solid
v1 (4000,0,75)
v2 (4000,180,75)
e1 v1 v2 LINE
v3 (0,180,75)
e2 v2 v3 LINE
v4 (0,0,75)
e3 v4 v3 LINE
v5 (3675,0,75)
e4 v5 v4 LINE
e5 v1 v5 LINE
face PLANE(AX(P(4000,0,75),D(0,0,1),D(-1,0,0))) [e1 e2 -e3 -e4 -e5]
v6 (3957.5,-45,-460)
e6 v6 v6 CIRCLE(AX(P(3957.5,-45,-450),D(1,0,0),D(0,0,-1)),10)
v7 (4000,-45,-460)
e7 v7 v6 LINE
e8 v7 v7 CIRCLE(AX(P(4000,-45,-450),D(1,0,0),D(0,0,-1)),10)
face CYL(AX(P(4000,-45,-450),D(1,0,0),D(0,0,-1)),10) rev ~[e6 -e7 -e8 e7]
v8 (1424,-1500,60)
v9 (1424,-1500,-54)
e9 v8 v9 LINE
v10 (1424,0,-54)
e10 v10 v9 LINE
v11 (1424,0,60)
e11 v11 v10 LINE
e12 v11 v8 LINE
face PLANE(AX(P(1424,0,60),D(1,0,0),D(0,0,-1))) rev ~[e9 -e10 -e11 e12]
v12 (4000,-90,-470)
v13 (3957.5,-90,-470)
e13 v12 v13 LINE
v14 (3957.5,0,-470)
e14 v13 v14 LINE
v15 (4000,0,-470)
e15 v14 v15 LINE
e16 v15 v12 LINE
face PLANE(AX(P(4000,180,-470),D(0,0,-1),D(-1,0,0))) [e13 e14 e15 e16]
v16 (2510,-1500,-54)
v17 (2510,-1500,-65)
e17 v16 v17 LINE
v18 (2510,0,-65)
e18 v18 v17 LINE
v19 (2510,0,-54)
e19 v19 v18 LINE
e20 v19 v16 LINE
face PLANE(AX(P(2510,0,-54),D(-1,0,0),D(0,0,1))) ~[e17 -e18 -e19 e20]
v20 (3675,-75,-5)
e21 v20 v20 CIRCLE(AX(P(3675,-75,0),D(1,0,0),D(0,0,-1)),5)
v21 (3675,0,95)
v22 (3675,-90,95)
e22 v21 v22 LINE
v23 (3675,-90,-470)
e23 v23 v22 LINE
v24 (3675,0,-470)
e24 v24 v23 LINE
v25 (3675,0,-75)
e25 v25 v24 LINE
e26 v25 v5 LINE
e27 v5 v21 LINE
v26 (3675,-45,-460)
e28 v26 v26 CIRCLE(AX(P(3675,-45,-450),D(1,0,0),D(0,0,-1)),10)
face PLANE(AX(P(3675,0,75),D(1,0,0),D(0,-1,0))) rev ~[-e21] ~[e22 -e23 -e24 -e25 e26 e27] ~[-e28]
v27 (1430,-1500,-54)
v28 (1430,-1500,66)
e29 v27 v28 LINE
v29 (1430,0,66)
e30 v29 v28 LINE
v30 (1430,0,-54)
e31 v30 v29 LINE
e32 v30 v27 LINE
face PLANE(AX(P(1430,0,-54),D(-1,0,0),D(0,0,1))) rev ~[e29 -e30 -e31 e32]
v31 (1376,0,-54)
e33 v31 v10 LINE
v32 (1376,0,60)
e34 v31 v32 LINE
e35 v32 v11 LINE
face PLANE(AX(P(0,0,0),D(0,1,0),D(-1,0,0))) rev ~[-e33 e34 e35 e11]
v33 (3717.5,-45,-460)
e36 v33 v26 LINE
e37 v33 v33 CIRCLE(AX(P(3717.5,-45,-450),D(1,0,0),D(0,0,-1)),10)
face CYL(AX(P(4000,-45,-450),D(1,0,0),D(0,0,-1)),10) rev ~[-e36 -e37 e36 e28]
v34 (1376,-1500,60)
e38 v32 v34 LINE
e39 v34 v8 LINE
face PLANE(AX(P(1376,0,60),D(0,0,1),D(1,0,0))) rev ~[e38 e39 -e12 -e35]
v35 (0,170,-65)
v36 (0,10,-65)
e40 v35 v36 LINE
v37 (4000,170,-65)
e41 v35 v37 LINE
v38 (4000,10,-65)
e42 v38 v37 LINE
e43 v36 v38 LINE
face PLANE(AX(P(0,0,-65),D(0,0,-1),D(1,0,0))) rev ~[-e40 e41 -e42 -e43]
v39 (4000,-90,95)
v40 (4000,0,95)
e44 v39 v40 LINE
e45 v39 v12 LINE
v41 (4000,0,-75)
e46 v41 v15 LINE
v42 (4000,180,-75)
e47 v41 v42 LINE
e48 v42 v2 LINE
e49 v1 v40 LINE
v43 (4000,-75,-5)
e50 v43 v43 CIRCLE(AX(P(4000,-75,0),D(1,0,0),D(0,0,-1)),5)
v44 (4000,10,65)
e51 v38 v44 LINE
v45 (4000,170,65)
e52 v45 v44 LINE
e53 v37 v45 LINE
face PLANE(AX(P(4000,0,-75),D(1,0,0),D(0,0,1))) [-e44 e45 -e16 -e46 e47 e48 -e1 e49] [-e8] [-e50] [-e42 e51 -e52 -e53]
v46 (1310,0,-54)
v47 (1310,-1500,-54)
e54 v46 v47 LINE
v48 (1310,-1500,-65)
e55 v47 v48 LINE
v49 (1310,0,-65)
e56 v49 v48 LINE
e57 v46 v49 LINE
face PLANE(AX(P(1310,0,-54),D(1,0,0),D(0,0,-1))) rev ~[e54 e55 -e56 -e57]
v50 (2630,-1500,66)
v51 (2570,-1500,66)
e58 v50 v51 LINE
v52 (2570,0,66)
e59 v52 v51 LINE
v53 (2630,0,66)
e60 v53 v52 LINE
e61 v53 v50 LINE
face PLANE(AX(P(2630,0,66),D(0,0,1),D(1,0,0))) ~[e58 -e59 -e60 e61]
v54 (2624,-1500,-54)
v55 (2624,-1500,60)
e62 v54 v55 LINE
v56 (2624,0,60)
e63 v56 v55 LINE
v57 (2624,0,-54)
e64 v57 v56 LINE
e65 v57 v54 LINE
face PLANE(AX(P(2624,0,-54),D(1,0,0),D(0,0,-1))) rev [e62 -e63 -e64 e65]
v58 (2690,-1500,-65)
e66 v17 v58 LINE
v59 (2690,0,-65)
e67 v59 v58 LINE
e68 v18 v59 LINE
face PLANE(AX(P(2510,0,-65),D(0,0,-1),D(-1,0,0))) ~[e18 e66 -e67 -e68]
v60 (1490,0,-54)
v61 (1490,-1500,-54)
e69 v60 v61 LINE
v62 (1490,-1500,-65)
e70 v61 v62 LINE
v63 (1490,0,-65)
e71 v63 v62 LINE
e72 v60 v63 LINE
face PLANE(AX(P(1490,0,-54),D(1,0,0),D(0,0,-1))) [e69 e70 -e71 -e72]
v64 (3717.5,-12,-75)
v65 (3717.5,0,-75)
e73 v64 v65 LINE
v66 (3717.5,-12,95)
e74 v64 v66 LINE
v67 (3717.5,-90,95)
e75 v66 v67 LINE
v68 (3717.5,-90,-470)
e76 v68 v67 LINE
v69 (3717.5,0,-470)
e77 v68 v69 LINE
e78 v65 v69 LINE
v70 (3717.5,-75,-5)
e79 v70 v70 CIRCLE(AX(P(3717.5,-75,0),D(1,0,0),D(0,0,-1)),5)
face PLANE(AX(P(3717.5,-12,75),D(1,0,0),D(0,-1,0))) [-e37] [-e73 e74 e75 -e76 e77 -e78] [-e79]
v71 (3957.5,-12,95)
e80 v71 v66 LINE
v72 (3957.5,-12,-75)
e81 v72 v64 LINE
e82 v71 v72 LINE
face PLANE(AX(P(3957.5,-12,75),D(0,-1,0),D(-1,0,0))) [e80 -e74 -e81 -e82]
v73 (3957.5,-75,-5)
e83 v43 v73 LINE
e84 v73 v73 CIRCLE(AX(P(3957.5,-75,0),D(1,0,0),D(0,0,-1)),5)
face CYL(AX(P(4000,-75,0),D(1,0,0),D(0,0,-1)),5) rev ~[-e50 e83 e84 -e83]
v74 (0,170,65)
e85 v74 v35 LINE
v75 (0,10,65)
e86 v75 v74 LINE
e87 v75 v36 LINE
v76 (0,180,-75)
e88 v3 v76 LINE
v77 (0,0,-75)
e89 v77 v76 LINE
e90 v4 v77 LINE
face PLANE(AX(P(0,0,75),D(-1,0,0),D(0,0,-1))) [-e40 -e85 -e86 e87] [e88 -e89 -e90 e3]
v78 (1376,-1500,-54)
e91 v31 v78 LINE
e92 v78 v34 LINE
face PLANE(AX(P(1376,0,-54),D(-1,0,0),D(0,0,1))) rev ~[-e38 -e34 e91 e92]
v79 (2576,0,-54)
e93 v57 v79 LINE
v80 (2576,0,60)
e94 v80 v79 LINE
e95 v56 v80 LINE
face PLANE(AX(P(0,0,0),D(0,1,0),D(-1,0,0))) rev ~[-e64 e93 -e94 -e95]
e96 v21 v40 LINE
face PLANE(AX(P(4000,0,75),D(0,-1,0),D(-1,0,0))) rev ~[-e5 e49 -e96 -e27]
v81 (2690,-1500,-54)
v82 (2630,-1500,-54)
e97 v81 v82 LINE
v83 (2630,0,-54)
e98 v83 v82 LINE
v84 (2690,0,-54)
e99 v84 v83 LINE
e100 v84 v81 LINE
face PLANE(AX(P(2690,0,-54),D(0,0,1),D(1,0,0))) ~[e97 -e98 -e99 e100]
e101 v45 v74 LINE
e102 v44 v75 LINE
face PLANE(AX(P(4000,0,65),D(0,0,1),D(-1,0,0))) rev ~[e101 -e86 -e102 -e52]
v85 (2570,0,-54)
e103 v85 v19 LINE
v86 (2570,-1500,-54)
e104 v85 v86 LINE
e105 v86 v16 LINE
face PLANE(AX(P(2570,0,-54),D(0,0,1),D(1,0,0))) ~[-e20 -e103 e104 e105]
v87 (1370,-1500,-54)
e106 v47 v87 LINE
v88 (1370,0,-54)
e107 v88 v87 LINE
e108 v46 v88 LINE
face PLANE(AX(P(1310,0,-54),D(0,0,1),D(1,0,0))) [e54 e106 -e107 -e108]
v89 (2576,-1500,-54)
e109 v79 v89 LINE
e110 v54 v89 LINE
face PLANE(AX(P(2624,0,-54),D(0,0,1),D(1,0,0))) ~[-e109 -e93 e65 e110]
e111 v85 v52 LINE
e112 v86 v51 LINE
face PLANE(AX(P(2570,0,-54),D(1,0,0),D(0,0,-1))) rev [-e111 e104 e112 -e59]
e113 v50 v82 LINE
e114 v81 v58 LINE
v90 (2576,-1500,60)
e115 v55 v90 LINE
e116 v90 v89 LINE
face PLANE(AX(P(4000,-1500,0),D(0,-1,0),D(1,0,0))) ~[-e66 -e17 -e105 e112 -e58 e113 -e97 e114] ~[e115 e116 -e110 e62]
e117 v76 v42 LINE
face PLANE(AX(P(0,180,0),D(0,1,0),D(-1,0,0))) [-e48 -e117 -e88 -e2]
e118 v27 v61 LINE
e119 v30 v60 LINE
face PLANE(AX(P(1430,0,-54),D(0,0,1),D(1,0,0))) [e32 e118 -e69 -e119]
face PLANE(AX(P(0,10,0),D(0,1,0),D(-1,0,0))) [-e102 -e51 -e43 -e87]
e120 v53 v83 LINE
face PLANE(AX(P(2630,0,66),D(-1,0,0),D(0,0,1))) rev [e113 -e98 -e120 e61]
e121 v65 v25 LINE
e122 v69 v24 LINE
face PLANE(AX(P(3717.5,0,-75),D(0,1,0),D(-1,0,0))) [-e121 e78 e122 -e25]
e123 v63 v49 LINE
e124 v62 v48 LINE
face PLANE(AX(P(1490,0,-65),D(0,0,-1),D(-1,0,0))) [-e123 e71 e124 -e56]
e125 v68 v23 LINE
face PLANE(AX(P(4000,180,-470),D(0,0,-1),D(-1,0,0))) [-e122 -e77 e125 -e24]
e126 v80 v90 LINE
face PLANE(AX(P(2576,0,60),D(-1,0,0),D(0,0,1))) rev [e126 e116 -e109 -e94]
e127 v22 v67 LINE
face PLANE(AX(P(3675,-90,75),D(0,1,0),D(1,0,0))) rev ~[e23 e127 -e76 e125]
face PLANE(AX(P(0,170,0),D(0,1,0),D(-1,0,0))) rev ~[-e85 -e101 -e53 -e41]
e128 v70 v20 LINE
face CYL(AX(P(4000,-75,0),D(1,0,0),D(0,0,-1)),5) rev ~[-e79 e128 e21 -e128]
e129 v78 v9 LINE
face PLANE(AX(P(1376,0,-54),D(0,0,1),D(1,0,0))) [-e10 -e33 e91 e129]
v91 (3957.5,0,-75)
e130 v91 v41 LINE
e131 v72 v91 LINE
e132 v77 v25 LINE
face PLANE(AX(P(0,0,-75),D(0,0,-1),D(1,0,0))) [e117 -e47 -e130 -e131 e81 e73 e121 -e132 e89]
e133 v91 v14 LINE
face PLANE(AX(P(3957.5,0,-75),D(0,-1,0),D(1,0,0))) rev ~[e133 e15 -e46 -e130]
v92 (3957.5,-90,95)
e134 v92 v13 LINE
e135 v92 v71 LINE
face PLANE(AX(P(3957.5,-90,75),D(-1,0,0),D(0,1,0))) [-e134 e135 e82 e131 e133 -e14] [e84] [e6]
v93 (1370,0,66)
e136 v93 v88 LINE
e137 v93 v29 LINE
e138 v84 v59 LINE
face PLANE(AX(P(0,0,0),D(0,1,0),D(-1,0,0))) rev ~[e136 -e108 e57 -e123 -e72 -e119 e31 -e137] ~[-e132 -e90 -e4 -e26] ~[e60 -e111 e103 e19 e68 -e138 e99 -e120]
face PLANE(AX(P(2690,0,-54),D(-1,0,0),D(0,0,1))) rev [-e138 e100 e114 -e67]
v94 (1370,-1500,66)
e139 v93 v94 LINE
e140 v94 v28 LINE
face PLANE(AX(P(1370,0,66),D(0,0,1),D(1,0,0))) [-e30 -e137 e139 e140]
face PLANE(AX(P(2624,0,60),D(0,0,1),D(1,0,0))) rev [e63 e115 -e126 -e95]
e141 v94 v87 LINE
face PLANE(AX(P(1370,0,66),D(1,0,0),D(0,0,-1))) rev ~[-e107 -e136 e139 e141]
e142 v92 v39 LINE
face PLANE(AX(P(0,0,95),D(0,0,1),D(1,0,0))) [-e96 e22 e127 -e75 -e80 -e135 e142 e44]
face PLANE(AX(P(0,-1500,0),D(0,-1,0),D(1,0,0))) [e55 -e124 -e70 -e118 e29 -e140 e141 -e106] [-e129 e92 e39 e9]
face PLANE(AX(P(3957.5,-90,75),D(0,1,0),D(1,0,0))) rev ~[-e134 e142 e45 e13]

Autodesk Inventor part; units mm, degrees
ref_plane "YZ Plane" through (0, 0, 0) normal (1, 0, 0) x (0, 1, 0)
ref_plane "XZ Plane" through (0, 0, 0) normal (0, 1, 0) x (-1, 0, 0)
sketch "Sketch1" plane through (0, 0, 0) normal (0, 1, 0) x (-1, 0, 0)
  line L0 (0, 0) -> (-1400, 0) construction
  line L1 (-1400, 0) -> (-2600, 0) construction
  line L2 (-2600, 0) -> (-4000, 0) construction
  line L3 (-4000, 75) -> (0, 75)
  line L4 (0, 75) -> (0, -75)
  line L5 (0, -75) -> (-4000, -75)
  line L6 (-4000, -75) -> (-4000, 75)
  line L7 (-4000, 75) -> (0, -75) construction
  line L8 (0, 75) -> (-4000, -75) construction
  point P0 (-2000, 0)
  dimension "d0" = 1400
  dimension "d1" = 1200
  dimension "d2" = 1400
  dimension "d3" = 150
  dimension "d4" = 4000
extrude "Extrusion1" add sketch "Sketch1" along normal blind 180
shell "Shell1" thickness 10 removed faces 2 at (4000, 60, 25) at (0, 60, -25)
sketch "Sketch2" plane through (0, 0, 0) normal (0, -1, 0) x (1, 0, 0)
  line L0 (0, 0) -> (1400, 0) construction
  line L1 (1400, 0) -> (2600, 0) construction
  line L2 (2600, 0) -> (4000, 0) construction
  line L3 (0, -75) -> (0, 75) construction
  line L4 (4000, 75) -> (4000, -75) construction
  line L5 (0, 75) -> (4000, 75) construction
  line L6 (4000, 75) -> (4000, -75) construction
  line L7 (4000, -75) -> (0, -75) construction
  line L8 (0, -75) -> (0, 75) construction
  line L9 (3991, 66) -> (9, 66) construction
  line L10 (9, 66) -> (9, -66) construction
  line L11 (9, -66) -> (3991, -66) construction
  line L12 (3991, -66) -> (3991, 66) construction
  line L13 (1370, -66) -> (1370, 66) construction
  line L14 (1370, 66) -> (1430, 66) construction
  line L15 (1430, 66) -> (1430, -66) construction
  line L16 (1430, -66) -> (1370, -66) construction
  line L17 (1370, -66) -> (1430, 66) construction
  line L18 (1370, 66) -> (1430, -66) construction
  line L19 (1310, -66) -> (1310, 66) construction
  line L20 (1310, 66) -> (1490, 66) construction
  line L21 (1490, 66) -> (1490, -66) construction
  line L22 (1490, -66) -> (1310, -66) construction
  line L23 (1310, -66) -> (1490, 66) construction
  line L24 (1310, 66) -> (1490, -66) construction
  line L25 (1310, -66) -> (1490, -66) construction
  line L26 (1490, -66) -> (1490, -54) construction
  line L27 (1490, -54) -> (1310, -54) construction
  line L28 (1310, -54) -> (1310, -66) construction
  line L29 (1370, -54) -> (1430, -54) construction
  line L30 (1430, -54) -> (1430, 66) construction
  line L31 (1430, 66) -> (1370, 66) construction
  line L32 (1370, 66) -> (1370, -54) construction
  line L33 (1310, -54) -> (1370, -54)
  line L34 (1370, 66) -> (1370, -54)
  line L35 (1430, -54) -> (1430, 66)
  line L36 (1370, 66) -> (1430, 66)
  line L37 (1430, -54) -> (1490, -54)
  line L38 (1310, -54) -> (1310, -66)
  line L39 (1310, -66) -> (1490, -66)
  line L40 (1490, -54) -> (1490, -66)
  line L41 (4000, -65) -> (0, -65) projected
  line L42 (1376, -54) -> (1376, 60)
  line L43 (1376, 60) -> (1424, 60)
  line L44 (1424, 60) -> (1424, -54)
  line L45 (1376, -54) -> (1424, -54)
  point P0 (1310, -65)
  point P1 (1490, -65)
  dimension "d8" = 1400
  dimension "d9" = 1200
  dimension "d10" = 1400
  dimension "d11" = 9
  dimension "d12" = 60
  dimension "d13" = 180
  dimension "d14" = 12
  dimension "d15" = 6
  dimension "d16" = 114
extrude "Extrusion2" add sketch "Sketch2" along normal blind 1500 contours L33 L34 L36 L35 L37 L40 L41 L38
ref_plane "Work Plane1" through (1400, -1500, -54) normal (1, 0, 0) x (0, 0, -1)
ref_plane "Work Plane3" through (2000, -1500, -54) normal (1, 0, 0) x (0, 0, -1)
ref_plane "Work Plane2" through (2600, -1500, -54) normal (1, 0, 0) x (0, 0, -1)
mirror "Mirror1" about plane through (2000, -1500, -54) normal (1, 0, 0) of "Extrusion2"
sketch "Sketch3" plane through (0, 0, 75) normal (0, 0, 1) x (1, 0, 0)
  line L0 (4000, 0) -> (0, 0) projected
  line L1 (4000, 0) -> (3675, 0)
  line L2 (3675, 0) -> (3675, -90)
  line L3 (3675, -90) -> (4000, -90)
  line L4 (4000, -90) -> (4000, 0)
  line L5 (3675, 0) -> (3717.5, 0)
  line L6 (3717.5, 0) -> (3717.5, -90)
  line L7 (3717.5, -90) -> (3675, -90)
  line L8 (3675, -90) -> (3675, 0)
  line L9 (4000, -90) -> (3957.5, -90)
  line L10 (3957.5, -90) -> (3957.5, 0)
  line L11 (3957.5, 0) -> (4000, 0)
  line L12 (4000, 0) -> (4000, -90)
  line L13 (3717.5, 0) -> (3957.5, 0)
  line L14 (3957.5, 0) -> (3957.5, -12)
  line L15 (3957.5, -12) -> (3717.5, -12)
  line L16 (3717.5, -12) -> (3717.5, 0)
  dimension "d20" = 325
  dimension "d21" = 90
  dimension "d22" = 42.5
  dimension "d23" = 42.5
  dimension "d24" = 90
  dimension "d25" = 12
extrude "Extrusion3" add sketch "Sketch3" along normal blind 20 and the other way blind 150 contours L4 L3 L10 L0 | L10 L15 L6 L0 | L6 L3 L2 L0
sketch "Sketch5" plane through (4000, 180, -75) normal (0, 0, -1) x (-1, 0, 0)
  line L0 (0, 0) -> (0, -270) projected
  line L1 (0, -270) -> (42.5, -270)
  line L2 (42.5, -270) -> (42.5, -180)
  line L3 (42.5, -180) -> (0, -180)
  line L4 (0, -180) -> (0, -270)
  line L5 (282.5, -270) -> (325, -270) projected
  line L6 (325, -270) -> (282.5, -270)
  line L7 (282.5, -270) -> (282.5, -180)
  line L8 (282.5, -180) -> (325, -180)
  line L9 (325, -180) -> (325, -270)
  point P0 (4000, -180)
  dimension "d36" = 90
  dimension "d37" = 42.5
  dimension "d38" = 90
extrude "Extrusion4" add sketch "Sketch5" along normal blind 395
sketch "Sketch6" plane through (4000, 180, 75) normal (1, 0, 0) x (0, 0, -1)
  line L0 (-20, -192) -> (-20, -270) projected
  line L1 (-20, -270) -> (75, -270) construction
  line L2 (75, -270) -> (75, -255) construction
  line L3 (75, -255) -> (-20, -255) construction
  line L4 (-20, -255) -> (-20, -270) construction
  circle A0 centre (75, -255) radius 5
  line L5 (150, -180) -> (545, -180) projected
  line L6 (545, -180) -> (525, -180) construction
  line L7 (525, -180) -> (525, -225) construction
  line L8 (525, -225) -> (545, -225) construction
  line L9 (545, -225) -> (545, -180) construction
  circle A1 centre (525, -225) radius 10
  point P0 (75, -180)
  dimension "d41" = 95
  dimension "d42" = 15
  dimension "d43" = 10
  dimension "d44" = 20
  dimension "d45" = 20
extrude "Extrusion5" cut sketch "Sketch6" against normal up to surface (325 mm away)
properties part number "Trave_e_Pale_inventor_single"
